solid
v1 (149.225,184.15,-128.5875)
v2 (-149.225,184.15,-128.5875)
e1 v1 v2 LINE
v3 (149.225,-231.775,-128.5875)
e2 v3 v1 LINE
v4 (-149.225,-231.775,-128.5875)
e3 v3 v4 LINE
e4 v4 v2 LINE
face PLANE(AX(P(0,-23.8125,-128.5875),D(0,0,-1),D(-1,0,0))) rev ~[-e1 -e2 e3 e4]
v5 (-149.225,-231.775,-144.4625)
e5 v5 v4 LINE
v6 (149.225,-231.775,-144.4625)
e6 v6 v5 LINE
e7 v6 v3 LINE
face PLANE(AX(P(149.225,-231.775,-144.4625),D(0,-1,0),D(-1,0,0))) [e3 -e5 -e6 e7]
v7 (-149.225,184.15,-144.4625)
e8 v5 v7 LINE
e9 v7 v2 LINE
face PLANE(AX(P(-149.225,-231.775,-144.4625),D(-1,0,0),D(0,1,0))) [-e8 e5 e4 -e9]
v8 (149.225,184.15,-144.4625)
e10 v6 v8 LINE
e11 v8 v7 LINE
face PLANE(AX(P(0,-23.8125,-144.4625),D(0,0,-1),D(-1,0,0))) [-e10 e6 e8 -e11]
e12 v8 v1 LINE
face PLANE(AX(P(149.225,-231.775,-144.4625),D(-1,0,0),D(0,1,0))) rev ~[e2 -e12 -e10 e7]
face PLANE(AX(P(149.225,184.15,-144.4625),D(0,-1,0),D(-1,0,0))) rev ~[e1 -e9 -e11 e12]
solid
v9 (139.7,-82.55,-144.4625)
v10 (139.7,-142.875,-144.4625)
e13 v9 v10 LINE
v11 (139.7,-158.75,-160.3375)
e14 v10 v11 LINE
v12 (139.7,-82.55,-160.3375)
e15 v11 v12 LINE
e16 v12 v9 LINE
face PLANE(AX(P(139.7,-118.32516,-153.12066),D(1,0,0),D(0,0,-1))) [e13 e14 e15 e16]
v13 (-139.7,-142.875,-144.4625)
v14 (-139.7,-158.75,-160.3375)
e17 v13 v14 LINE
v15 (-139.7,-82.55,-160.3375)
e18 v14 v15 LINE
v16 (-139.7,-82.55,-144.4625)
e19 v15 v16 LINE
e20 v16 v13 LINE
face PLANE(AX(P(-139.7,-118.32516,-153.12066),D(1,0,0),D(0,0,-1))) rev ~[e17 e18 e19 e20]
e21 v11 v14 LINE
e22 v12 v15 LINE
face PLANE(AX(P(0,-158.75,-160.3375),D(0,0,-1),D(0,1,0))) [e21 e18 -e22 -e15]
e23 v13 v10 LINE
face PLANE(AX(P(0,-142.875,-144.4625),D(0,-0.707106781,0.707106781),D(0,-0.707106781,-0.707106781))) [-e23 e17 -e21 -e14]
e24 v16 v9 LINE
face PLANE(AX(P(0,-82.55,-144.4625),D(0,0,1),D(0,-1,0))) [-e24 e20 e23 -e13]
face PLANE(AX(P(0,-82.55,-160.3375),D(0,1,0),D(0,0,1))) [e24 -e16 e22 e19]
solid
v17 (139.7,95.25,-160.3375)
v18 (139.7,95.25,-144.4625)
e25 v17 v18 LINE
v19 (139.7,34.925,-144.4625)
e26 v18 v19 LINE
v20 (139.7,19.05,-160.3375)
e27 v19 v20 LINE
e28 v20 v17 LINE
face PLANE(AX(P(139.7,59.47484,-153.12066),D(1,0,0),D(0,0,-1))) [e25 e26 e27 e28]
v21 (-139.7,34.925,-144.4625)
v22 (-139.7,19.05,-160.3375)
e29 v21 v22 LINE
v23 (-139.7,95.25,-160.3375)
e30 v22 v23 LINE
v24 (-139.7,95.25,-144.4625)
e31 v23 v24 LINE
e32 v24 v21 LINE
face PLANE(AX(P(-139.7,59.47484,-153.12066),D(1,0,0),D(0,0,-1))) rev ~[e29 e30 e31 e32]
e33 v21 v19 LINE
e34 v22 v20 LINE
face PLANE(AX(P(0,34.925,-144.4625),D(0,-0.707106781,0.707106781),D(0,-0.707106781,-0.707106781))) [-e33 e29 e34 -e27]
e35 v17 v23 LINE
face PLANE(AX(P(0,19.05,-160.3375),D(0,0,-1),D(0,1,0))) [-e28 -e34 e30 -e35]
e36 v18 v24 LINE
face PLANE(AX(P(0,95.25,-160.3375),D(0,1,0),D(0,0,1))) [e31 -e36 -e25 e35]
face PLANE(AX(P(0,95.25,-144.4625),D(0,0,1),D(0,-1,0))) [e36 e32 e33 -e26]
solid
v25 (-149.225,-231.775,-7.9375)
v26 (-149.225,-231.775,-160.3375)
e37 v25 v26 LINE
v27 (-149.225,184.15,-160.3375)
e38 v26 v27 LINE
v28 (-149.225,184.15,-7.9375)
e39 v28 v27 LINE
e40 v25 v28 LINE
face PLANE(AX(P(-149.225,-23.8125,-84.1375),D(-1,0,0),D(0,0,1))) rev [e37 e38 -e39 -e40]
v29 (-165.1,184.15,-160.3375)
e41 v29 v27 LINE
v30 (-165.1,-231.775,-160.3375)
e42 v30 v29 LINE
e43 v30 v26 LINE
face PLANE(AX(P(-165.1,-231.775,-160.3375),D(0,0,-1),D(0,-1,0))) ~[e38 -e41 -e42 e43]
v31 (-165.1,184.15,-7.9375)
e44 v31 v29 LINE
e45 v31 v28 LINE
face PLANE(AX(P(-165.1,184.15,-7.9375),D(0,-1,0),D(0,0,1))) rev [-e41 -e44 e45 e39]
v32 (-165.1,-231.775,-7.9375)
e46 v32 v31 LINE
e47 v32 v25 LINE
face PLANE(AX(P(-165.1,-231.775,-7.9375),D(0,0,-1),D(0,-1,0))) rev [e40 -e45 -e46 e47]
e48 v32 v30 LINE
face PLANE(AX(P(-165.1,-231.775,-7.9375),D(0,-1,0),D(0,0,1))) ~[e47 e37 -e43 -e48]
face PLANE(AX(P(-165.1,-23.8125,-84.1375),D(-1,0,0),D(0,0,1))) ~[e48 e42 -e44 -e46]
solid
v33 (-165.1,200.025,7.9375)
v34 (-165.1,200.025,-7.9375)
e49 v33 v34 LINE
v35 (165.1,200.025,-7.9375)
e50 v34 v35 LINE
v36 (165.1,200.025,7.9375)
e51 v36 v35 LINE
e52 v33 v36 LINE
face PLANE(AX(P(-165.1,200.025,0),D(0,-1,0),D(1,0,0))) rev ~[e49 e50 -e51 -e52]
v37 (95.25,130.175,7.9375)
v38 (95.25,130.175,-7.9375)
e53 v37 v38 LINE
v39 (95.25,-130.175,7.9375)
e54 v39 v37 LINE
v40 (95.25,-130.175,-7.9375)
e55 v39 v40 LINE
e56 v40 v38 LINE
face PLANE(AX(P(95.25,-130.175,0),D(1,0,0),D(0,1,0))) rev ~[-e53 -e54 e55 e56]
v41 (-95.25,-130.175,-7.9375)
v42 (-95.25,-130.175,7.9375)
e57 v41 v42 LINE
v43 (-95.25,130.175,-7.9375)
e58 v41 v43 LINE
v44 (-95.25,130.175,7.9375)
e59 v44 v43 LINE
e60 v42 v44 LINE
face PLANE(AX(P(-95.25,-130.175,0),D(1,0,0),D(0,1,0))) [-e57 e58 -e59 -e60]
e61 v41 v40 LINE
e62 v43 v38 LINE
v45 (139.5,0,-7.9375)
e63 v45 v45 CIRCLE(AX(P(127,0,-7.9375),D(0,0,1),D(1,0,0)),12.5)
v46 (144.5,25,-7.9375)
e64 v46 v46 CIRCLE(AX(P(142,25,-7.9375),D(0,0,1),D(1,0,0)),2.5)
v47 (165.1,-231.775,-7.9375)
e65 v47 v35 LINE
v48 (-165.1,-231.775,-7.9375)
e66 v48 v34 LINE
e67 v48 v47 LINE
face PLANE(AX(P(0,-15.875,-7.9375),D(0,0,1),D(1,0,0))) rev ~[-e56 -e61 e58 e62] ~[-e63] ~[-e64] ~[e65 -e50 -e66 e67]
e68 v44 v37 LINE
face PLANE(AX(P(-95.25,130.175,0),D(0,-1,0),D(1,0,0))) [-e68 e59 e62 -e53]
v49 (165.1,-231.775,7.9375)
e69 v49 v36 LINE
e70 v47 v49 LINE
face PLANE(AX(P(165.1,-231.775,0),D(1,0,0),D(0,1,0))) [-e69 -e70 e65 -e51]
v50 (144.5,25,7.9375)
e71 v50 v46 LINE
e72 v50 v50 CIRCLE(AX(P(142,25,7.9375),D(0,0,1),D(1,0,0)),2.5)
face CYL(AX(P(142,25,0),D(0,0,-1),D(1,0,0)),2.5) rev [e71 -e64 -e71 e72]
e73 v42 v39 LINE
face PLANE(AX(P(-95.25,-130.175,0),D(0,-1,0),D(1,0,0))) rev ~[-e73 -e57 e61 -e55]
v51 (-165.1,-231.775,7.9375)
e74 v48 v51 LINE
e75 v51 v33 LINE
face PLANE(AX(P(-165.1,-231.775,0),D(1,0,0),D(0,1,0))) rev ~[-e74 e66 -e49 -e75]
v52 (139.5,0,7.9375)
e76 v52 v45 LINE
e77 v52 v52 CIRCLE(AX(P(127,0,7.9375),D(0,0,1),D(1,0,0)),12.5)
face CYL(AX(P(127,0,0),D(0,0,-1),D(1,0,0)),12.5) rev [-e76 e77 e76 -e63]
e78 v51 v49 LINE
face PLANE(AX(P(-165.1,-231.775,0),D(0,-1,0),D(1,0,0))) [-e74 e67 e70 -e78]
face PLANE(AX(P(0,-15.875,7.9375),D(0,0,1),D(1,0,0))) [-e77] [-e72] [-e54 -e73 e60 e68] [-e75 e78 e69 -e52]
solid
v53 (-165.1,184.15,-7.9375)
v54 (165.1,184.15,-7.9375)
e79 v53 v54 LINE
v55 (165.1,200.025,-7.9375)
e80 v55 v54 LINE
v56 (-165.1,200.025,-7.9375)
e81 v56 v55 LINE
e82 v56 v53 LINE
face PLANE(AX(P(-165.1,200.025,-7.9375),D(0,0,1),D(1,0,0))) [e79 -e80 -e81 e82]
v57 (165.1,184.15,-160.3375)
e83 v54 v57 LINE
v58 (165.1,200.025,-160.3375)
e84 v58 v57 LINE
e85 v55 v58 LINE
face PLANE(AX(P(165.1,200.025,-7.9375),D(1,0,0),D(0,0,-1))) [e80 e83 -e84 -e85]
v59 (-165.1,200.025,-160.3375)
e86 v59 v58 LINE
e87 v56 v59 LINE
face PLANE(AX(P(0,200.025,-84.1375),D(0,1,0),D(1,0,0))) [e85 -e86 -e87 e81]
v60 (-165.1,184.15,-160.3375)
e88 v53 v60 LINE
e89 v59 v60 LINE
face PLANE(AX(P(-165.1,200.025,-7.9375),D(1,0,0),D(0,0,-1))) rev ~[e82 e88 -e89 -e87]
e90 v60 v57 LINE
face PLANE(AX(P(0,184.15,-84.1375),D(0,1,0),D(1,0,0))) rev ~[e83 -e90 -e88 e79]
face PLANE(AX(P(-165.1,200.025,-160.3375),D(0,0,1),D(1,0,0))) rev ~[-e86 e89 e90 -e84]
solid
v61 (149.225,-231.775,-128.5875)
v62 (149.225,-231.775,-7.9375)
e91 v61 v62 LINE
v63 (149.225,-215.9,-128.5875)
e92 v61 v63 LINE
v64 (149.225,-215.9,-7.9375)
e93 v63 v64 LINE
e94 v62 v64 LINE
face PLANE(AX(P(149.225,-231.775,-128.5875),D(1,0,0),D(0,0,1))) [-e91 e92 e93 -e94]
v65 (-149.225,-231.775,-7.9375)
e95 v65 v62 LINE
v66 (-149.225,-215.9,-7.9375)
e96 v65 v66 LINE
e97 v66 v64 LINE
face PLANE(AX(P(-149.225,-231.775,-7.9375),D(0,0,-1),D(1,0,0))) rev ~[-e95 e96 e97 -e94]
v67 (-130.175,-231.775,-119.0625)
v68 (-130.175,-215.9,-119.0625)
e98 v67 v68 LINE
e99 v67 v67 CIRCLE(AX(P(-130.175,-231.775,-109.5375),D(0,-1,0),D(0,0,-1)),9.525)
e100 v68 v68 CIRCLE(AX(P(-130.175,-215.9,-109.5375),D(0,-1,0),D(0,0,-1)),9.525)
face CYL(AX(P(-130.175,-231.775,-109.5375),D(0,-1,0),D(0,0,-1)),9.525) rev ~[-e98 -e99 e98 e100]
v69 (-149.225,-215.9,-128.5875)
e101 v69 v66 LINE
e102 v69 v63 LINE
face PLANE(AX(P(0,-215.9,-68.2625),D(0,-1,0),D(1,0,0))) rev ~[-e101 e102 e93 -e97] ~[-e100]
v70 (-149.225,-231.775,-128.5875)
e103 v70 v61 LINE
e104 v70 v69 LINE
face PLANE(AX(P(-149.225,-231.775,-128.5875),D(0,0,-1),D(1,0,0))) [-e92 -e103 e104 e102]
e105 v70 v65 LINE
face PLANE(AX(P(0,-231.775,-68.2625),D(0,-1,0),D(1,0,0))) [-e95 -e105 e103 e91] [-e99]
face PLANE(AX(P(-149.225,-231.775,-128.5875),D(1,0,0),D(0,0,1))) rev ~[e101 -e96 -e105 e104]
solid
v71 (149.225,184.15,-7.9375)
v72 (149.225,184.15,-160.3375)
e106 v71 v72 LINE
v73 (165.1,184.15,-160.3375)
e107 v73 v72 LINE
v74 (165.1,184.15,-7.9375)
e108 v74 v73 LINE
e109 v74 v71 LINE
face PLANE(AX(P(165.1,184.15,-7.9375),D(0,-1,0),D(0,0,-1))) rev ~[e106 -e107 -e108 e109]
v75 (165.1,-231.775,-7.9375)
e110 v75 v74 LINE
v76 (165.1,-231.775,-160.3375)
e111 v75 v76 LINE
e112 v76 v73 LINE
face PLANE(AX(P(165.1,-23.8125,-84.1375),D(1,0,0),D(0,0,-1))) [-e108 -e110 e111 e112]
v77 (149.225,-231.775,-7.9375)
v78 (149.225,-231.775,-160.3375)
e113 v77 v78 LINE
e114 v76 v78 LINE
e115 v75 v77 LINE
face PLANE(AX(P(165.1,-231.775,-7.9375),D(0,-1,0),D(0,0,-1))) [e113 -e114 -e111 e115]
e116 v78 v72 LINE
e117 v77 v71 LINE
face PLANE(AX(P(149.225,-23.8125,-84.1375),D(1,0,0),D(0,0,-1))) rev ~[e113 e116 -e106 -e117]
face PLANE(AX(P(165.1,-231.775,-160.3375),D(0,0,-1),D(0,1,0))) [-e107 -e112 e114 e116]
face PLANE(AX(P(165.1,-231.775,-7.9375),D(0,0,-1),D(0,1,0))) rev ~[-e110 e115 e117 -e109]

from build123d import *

# Parameters (mm, degrees)
SKETCH1_W             = 330.2
SKETCH1_H             = 431.8
SKETCH1_R             = 12.5
SKETCH1_R_2           = 2.5
SKETCH1_W_2           = 190.5
SKETCH1_H_2           = 260.35
BOSS_EXTRUDE1_DEPTH   = 7.9375
SKETCH3_W             = 152.4
SKETCH3_H             = 415.925
BOSS_EXTRUDE2_DEPTH   = 15.875
BOSS_EXTRUDE6_START   = -15.875
SKETCH8_W             = 298.45
SKETCH8_H             = 415.925
BOSS_EXTRUDE6_DEPTH   = 15.875
SKETCH11_W            = 298.45
SKETCH11_H            = 120.65
SKETCH11_R            = 9.525
BOSS_EXTRUDE7_DEPTH   = 15.875
SKETCH14_W            = 330.2
SKETCH14_H            = 152.4
BOSS_EXTRUDE8_DEPTH   = 15.875
BOSS_EXTRUDE5_DEPTH   = 139.7
BOSS_EXTRUDE5_2_DEPTH = 139.7


with BuildPart() as part:
    # Sketch1 → Boss-Extrude1 (new, symmetric)
    with BuildSketch(Plane.XY):
        with Locations((0, -15.875)):
            Rectangle(SKETCH1_W, SKETCH1_H)
        with Locations((127, 0)):
            Circle(SKETCH1_R, mode=Mode.SUBTRACT)
        with Locations((142, 25)):
            Circle(SKETCH1_R_2, mode=Mode.SUBTRACT)
        Rectangle(SKETCH1_W_2, SKETCH1_H_2, mode=Mode.SUBTRACT)
    extrude(amount=BOSS_EXTRUDE1_DEPTH, both=True)


with BuildPart() as body_2:
    # Sketch3 → Boss-Extrude2 (new body)
    with BuildSketch(Plane(origin=(165.1, 0, 0), x_dir=(0, 0, -1), z_dir=(1, 0, 0))):
        with Locations((84.1375, -23.8125)):
            Rectangle(SKETCH3_W, SKETCH3_H)
    extrude(amount=-BOSS_EXTRUDE2_DEPTH)


with BuildPart() as body_3:
    # Mirror1: mirrored copy
    add(body_2.part.mirror(Plane(origin=(0, 0, 0), x_dir=(0, 0, 1), z_dir=(1, 0, 0))))


with BuildPart() as body_4:
    # Sketch8 → Boss-Extrude6 (new body)
    with BuildSketch(Plane(origin=(0, 0, -160.3375), x_dir=(-1, 0, 0), z_dir=(0, 0, -1)).offset(BOSS_EXTRUDE6_START)):
        with Locations((0, -23.8125)):
            Rectangle(SKETCH8_W, SKETCH8_H)
    extrude(amount=-BOSS_EXTRUDE6_DEPTH)


with BuildPart() as body_5:
    # Sketch11 → Boss-Extrude7 (new body)
    with BuildSketch(Plane.XZ.offset(231.775)):
        with Locations((0, -68.2625)):
            Rectangle(SKETCH11_W, SKETCH11_H)
        with Locations(Location((-130.175, -109.5375, 0), (0, 0, 270))):
            Circle(SKETCH11_R, mode=Mode.SUBTRACT)
    extrude(amount=-BOSS_EXTRUDE7_DEPTH)


with BuildPart() as body_6:
    # Sketch14 → Boss-Extrude8 (new body)
    with BuildSketch(Plane(origin=(0, 200.025, 0), x_dir=(1, 0, 0), z_dir=(0, 1, 0))):
        with Locations((0, 84.1375)):
            Rectangle(SKETCH14_W, SKETCH14_H)
    extrude(amount=-BOSS_EXTRUDE8_DEPTH)


with BuildPart() as body_7:
    # Sketch7 → Boss-Extrude5 (new, symmetric)
    with BuildSketch(Plane(origin=(0, 0, 0), x_dir=(0, 0, -1), z_dir=(1, 0, 0))):
        Polygon((144.4625, 95.25), (144.4625, 34.925), (160.3375, 19.05), (160.3375, 95.25), align=None)
    extrude(amount=BOSS_EXTRUDE5_DEPTH, both=True)


with BuildPart() as body_8:
    # Sketch7 → Boss-Extrude5 2 (new, symmetric)
    with BuildSketch(Plane(origin=(0, 0, 0), x_dir=(0, 0, -1), z_dir=(1, 0, 0))):
        Polygon((160.3375, -82.55), (144.4625, -82.55), (144.4625, -142.875), (160.3375, -158.75), align=None)
    extrude(amount=BOSS_EXTRUDE5_2_DEPTH, both=True)


solid = Compound([part.part, body_2.part, body_3.part, body_4.part, body_5.part, body_6.part, body_7.part, body_8.part])
